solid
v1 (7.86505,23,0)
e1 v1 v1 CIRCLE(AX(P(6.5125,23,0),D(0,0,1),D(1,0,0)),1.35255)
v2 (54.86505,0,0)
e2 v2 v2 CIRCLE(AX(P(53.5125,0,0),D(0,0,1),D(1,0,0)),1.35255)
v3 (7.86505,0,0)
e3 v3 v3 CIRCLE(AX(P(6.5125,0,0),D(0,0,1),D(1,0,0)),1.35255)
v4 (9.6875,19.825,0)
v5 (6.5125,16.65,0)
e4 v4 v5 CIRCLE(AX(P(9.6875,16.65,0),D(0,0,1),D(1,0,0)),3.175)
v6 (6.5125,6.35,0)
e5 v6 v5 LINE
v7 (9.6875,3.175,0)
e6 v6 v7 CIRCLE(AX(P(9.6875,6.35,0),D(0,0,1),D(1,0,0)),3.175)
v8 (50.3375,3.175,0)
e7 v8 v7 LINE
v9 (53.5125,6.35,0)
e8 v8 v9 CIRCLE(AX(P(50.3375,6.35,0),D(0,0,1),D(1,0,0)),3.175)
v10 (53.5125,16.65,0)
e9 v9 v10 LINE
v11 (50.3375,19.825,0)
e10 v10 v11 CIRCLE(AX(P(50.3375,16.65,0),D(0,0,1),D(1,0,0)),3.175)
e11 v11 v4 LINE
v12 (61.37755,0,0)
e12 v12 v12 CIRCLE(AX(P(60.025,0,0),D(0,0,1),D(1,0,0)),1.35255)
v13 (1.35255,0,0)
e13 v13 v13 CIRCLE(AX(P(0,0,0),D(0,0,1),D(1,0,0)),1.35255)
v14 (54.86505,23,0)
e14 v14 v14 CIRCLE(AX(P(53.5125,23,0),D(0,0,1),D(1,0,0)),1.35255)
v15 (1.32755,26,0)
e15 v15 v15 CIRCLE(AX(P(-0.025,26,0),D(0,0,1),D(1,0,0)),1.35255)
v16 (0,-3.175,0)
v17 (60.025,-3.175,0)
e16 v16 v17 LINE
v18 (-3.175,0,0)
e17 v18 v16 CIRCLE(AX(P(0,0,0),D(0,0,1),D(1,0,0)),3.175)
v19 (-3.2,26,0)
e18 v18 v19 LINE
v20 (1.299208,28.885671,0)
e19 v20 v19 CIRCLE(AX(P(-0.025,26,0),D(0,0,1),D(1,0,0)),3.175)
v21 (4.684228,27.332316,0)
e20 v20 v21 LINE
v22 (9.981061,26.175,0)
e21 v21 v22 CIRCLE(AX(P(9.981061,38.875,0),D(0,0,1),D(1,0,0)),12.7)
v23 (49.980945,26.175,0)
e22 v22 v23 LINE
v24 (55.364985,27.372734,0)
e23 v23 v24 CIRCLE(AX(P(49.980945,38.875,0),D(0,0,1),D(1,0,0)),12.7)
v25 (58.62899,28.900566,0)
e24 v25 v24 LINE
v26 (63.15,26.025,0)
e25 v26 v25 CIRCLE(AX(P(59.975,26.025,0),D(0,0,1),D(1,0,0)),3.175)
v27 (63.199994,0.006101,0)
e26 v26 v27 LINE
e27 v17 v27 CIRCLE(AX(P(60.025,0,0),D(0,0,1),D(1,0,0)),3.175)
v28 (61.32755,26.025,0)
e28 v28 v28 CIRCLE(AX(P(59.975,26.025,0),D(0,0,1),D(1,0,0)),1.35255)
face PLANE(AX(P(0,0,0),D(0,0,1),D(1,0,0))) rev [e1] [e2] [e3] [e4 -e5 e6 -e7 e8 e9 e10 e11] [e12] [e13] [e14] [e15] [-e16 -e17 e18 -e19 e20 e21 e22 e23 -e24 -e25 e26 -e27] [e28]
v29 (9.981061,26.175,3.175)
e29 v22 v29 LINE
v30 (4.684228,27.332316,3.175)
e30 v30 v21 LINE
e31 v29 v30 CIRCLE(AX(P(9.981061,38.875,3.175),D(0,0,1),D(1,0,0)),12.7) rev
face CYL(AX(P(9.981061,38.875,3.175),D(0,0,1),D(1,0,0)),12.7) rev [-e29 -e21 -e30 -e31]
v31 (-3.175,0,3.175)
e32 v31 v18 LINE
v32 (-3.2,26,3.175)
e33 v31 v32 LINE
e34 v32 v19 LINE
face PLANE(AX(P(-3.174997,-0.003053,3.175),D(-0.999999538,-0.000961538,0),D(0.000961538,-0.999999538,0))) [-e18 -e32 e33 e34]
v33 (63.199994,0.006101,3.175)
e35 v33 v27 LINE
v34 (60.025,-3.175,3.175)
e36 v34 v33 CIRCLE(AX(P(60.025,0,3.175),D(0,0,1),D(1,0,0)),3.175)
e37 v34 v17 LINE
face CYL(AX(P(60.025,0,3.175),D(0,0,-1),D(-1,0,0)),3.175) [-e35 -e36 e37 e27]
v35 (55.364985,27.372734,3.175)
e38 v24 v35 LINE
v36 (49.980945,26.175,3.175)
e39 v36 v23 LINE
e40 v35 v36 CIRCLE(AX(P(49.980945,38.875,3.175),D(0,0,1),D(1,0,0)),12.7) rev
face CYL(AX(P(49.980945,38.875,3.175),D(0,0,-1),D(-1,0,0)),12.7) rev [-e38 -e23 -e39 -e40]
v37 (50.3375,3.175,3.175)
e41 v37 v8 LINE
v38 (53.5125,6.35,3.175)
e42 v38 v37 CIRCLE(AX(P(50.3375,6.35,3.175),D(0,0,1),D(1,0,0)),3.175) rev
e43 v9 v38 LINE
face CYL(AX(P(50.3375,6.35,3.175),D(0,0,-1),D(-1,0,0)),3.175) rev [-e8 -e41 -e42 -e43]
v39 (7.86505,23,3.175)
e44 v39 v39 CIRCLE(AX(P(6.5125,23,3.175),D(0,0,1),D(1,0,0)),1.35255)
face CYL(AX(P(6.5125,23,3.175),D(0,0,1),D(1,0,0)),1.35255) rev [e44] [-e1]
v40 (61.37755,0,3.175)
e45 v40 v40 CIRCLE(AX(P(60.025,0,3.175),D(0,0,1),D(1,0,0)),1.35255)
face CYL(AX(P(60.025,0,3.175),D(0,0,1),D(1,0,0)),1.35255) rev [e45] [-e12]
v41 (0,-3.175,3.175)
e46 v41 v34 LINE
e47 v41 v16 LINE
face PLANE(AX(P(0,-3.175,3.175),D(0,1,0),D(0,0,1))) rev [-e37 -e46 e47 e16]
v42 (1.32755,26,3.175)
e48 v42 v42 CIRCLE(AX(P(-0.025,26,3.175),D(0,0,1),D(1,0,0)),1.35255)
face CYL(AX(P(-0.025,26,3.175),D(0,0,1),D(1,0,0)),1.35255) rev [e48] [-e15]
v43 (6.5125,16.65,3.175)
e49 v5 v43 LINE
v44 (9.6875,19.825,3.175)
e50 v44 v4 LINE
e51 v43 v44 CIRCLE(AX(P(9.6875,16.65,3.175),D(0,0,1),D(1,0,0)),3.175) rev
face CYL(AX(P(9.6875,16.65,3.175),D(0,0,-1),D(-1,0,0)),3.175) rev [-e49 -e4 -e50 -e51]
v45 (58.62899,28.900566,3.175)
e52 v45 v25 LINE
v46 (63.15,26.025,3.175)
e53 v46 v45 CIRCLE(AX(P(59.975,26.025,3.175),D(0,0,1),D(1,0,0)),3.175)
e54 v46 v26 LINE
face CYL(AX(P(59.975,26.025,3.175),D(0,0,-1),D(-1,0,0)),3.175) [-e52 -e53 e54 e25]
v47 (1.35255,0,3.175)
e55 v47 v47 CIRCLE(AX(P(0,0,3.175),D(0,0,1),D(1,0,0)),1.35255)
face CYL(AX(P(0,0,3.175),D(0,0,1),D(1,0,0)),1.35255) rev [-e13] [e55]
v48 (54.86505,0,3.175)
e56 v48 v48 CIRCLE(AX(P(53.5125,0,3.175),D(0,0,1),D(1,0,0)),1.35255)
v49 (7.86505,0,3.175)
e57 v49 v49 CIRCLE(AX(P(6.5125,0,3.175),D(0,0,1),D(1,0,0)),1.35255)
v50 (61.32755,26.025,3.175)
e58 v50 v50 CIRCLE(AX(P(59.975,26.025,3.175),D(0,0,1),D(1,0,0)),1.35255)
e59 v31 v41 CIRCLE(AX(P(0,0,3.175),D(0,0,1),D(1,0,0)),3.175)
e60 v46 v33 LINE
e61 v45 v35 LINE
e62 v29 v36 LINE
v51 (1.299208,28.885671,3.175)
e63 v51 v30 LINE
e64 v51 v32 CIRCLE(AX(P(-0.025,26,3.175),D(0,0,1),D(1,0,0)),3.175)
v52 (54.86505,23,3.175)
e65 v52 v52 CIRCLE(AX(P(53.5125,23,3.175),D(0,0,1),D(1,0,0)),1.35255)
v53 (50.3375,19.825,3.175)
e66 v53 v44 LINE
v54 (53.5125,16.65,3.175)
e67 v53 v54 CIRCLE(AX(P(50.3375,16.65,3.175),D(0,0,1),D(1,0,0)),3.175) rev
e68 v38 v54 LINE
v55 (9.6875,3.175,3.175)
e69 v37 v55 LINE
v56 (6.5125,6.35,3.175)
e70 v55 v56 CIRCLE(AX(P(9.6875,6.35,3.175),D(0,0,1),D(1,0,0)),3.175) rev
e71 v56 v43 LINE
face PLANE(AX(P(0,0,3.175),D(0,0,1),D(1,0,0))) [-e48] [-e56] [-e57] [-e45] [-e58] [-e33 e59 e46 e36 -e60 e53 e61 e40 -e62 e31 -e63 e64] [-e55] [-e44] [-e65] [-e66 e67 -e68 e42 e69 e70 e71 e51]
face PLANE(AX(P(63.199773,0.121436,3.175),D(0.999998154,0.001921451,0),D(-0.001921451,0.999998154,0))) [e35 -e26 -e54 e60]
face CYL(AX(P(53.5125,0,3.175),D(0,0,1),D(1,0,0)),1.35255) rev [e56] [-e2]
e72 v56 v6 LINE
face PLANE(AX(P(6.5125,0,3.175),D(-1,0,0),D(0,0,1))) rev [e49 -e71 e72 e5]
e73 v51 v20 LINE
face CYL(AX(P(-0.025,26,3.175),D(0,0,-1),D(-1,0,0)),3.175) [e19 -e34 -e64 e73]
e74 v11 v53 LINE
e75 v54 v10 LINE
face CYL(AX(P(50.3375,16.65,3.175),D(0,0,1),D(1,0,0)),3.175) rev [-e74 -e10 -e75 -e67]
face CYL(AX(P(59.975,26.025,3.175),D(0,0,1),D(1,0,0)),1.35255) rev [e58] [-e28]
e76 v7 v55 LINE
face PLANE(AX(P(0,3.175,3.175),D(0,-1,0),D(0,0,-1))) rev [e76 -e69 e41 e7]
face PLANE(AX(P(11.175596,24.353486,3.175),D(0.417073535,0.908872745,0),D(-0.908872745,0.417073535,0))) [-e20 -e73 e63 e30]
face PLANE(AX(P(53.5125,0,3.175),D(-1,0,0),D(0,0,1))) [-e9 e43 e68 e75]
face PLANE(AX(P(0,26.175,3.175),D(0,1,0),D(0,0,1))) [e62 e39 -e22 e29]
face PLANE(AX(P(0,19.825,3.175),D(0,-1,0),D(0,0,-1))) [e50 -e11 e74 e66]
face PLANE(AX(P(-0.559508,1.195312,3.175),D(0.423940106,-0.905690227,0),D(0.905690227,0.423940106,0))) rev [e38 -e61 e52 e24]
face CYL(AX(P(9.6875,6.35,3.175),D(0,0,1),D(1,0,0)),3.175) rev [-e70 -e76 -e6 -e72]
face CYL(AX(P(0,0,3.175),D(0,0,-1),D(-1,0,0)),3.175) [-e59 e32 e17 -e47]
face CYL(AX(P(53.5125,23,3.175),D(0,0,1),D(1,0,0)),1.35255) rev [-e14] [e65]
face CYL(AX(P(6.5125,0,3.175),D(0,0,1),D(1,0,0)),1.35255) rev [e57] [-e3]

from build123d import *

# Parameters (mm, degrees)
SKETCH2_W             = 47
SKETCH2_H             = 16.65
BOSS_EXTRUDE1_DEPTH   = 3.175
FILLET1_R             = 3.175
FILLET2_R             = 12.7
F_2_CLEARANCE_HOLE1_D = 2.7051
F_2_CLEARANCE_HOLE2_D = 2.7051


with BuildPart() as part:
    # Sketch2 → Boss-Extrude1 (new body)
    with BuildSketch(Plane.XY):
        with BuildLine():
            Line((58.628990163, 28.900566469), (52.80618907, 26.175))
            Line((52.80618907, 26.175), (7.206212285, 26.175))
            Line((7.206212285, 26.175), (1.299208473, 28.885670965))
            ThreePointArc((1.299208473, 28.885670965), (-1.739097882, 28.672544378), (-3.2, 26))
            Line((-3.2, 26), (-3.175, 0))
            ThreePointArc((-3.175, 0), (-2.24506403, -2.24506403), (0, -3.175))
            Line((0, -3.175), (60.025, -3.175))
            ThreePointArc((60.025, -3.175), (62.272219886, -2.242906103), (63.199994139, 0.006100608))
            Line((63.199994139, 0.006100608), (63.15, 26.025))
            ThreePointArc((63.15, 26.025), (61.678972384, 28.704011593), (58.628990163, 28.900566469))
        make_face()
        with Locations((30.0125, 11.5)):
            Rectangle(SKETCH2_W, SKETCH2_H, mode=Mode.SUBTRACT)
    extrude(amount=BOSS_EXTRUDE1_DEPTH)

    # Fillet1
    fillet1_edges = [part.edges().sort_by_distance(p)[0] for p in [
        (6.5125, 3.175, 1.5875),
        (53.5125, 3.175, 1.5875),
        (53.5125, 19.825, 1.5875),
        (6.5125, 19.825, 1.5875),
    ]]
    fillet(fillet1_edges, radius=FILLET1_R)

    # Fillet2
    fillet2_edges = [part.edges().sort_by_distance(p)[0] for p in [
        (7.206212285, 26.175, 1.5875),
        (52.80618907, 26.175, 1.5875),
    ]]
    fillet(fillet2_edges, radius=FILLET2_R)

    # #2 Clearance Hole1 (through all)
    with Locations(Plane.XY.offset(3.175)):
        with Locations((6.5125, 23), (53.5125, 23), (53.5125, 0), (6.5125, 0)):
            Hole(F_2_CLEARANCE_HOLE1_D / 2)

    # #2 Clearance Hole2 (through all)
    with Locations(Plane.XY.offset(3.175)):
        with Locations((-0.025, 26), (0, 0), (60.025, 0), (59.975, 26.025)):
            Hole(F_2_CLEARANCE_HOLE2_D / 2)


solid = part.part
